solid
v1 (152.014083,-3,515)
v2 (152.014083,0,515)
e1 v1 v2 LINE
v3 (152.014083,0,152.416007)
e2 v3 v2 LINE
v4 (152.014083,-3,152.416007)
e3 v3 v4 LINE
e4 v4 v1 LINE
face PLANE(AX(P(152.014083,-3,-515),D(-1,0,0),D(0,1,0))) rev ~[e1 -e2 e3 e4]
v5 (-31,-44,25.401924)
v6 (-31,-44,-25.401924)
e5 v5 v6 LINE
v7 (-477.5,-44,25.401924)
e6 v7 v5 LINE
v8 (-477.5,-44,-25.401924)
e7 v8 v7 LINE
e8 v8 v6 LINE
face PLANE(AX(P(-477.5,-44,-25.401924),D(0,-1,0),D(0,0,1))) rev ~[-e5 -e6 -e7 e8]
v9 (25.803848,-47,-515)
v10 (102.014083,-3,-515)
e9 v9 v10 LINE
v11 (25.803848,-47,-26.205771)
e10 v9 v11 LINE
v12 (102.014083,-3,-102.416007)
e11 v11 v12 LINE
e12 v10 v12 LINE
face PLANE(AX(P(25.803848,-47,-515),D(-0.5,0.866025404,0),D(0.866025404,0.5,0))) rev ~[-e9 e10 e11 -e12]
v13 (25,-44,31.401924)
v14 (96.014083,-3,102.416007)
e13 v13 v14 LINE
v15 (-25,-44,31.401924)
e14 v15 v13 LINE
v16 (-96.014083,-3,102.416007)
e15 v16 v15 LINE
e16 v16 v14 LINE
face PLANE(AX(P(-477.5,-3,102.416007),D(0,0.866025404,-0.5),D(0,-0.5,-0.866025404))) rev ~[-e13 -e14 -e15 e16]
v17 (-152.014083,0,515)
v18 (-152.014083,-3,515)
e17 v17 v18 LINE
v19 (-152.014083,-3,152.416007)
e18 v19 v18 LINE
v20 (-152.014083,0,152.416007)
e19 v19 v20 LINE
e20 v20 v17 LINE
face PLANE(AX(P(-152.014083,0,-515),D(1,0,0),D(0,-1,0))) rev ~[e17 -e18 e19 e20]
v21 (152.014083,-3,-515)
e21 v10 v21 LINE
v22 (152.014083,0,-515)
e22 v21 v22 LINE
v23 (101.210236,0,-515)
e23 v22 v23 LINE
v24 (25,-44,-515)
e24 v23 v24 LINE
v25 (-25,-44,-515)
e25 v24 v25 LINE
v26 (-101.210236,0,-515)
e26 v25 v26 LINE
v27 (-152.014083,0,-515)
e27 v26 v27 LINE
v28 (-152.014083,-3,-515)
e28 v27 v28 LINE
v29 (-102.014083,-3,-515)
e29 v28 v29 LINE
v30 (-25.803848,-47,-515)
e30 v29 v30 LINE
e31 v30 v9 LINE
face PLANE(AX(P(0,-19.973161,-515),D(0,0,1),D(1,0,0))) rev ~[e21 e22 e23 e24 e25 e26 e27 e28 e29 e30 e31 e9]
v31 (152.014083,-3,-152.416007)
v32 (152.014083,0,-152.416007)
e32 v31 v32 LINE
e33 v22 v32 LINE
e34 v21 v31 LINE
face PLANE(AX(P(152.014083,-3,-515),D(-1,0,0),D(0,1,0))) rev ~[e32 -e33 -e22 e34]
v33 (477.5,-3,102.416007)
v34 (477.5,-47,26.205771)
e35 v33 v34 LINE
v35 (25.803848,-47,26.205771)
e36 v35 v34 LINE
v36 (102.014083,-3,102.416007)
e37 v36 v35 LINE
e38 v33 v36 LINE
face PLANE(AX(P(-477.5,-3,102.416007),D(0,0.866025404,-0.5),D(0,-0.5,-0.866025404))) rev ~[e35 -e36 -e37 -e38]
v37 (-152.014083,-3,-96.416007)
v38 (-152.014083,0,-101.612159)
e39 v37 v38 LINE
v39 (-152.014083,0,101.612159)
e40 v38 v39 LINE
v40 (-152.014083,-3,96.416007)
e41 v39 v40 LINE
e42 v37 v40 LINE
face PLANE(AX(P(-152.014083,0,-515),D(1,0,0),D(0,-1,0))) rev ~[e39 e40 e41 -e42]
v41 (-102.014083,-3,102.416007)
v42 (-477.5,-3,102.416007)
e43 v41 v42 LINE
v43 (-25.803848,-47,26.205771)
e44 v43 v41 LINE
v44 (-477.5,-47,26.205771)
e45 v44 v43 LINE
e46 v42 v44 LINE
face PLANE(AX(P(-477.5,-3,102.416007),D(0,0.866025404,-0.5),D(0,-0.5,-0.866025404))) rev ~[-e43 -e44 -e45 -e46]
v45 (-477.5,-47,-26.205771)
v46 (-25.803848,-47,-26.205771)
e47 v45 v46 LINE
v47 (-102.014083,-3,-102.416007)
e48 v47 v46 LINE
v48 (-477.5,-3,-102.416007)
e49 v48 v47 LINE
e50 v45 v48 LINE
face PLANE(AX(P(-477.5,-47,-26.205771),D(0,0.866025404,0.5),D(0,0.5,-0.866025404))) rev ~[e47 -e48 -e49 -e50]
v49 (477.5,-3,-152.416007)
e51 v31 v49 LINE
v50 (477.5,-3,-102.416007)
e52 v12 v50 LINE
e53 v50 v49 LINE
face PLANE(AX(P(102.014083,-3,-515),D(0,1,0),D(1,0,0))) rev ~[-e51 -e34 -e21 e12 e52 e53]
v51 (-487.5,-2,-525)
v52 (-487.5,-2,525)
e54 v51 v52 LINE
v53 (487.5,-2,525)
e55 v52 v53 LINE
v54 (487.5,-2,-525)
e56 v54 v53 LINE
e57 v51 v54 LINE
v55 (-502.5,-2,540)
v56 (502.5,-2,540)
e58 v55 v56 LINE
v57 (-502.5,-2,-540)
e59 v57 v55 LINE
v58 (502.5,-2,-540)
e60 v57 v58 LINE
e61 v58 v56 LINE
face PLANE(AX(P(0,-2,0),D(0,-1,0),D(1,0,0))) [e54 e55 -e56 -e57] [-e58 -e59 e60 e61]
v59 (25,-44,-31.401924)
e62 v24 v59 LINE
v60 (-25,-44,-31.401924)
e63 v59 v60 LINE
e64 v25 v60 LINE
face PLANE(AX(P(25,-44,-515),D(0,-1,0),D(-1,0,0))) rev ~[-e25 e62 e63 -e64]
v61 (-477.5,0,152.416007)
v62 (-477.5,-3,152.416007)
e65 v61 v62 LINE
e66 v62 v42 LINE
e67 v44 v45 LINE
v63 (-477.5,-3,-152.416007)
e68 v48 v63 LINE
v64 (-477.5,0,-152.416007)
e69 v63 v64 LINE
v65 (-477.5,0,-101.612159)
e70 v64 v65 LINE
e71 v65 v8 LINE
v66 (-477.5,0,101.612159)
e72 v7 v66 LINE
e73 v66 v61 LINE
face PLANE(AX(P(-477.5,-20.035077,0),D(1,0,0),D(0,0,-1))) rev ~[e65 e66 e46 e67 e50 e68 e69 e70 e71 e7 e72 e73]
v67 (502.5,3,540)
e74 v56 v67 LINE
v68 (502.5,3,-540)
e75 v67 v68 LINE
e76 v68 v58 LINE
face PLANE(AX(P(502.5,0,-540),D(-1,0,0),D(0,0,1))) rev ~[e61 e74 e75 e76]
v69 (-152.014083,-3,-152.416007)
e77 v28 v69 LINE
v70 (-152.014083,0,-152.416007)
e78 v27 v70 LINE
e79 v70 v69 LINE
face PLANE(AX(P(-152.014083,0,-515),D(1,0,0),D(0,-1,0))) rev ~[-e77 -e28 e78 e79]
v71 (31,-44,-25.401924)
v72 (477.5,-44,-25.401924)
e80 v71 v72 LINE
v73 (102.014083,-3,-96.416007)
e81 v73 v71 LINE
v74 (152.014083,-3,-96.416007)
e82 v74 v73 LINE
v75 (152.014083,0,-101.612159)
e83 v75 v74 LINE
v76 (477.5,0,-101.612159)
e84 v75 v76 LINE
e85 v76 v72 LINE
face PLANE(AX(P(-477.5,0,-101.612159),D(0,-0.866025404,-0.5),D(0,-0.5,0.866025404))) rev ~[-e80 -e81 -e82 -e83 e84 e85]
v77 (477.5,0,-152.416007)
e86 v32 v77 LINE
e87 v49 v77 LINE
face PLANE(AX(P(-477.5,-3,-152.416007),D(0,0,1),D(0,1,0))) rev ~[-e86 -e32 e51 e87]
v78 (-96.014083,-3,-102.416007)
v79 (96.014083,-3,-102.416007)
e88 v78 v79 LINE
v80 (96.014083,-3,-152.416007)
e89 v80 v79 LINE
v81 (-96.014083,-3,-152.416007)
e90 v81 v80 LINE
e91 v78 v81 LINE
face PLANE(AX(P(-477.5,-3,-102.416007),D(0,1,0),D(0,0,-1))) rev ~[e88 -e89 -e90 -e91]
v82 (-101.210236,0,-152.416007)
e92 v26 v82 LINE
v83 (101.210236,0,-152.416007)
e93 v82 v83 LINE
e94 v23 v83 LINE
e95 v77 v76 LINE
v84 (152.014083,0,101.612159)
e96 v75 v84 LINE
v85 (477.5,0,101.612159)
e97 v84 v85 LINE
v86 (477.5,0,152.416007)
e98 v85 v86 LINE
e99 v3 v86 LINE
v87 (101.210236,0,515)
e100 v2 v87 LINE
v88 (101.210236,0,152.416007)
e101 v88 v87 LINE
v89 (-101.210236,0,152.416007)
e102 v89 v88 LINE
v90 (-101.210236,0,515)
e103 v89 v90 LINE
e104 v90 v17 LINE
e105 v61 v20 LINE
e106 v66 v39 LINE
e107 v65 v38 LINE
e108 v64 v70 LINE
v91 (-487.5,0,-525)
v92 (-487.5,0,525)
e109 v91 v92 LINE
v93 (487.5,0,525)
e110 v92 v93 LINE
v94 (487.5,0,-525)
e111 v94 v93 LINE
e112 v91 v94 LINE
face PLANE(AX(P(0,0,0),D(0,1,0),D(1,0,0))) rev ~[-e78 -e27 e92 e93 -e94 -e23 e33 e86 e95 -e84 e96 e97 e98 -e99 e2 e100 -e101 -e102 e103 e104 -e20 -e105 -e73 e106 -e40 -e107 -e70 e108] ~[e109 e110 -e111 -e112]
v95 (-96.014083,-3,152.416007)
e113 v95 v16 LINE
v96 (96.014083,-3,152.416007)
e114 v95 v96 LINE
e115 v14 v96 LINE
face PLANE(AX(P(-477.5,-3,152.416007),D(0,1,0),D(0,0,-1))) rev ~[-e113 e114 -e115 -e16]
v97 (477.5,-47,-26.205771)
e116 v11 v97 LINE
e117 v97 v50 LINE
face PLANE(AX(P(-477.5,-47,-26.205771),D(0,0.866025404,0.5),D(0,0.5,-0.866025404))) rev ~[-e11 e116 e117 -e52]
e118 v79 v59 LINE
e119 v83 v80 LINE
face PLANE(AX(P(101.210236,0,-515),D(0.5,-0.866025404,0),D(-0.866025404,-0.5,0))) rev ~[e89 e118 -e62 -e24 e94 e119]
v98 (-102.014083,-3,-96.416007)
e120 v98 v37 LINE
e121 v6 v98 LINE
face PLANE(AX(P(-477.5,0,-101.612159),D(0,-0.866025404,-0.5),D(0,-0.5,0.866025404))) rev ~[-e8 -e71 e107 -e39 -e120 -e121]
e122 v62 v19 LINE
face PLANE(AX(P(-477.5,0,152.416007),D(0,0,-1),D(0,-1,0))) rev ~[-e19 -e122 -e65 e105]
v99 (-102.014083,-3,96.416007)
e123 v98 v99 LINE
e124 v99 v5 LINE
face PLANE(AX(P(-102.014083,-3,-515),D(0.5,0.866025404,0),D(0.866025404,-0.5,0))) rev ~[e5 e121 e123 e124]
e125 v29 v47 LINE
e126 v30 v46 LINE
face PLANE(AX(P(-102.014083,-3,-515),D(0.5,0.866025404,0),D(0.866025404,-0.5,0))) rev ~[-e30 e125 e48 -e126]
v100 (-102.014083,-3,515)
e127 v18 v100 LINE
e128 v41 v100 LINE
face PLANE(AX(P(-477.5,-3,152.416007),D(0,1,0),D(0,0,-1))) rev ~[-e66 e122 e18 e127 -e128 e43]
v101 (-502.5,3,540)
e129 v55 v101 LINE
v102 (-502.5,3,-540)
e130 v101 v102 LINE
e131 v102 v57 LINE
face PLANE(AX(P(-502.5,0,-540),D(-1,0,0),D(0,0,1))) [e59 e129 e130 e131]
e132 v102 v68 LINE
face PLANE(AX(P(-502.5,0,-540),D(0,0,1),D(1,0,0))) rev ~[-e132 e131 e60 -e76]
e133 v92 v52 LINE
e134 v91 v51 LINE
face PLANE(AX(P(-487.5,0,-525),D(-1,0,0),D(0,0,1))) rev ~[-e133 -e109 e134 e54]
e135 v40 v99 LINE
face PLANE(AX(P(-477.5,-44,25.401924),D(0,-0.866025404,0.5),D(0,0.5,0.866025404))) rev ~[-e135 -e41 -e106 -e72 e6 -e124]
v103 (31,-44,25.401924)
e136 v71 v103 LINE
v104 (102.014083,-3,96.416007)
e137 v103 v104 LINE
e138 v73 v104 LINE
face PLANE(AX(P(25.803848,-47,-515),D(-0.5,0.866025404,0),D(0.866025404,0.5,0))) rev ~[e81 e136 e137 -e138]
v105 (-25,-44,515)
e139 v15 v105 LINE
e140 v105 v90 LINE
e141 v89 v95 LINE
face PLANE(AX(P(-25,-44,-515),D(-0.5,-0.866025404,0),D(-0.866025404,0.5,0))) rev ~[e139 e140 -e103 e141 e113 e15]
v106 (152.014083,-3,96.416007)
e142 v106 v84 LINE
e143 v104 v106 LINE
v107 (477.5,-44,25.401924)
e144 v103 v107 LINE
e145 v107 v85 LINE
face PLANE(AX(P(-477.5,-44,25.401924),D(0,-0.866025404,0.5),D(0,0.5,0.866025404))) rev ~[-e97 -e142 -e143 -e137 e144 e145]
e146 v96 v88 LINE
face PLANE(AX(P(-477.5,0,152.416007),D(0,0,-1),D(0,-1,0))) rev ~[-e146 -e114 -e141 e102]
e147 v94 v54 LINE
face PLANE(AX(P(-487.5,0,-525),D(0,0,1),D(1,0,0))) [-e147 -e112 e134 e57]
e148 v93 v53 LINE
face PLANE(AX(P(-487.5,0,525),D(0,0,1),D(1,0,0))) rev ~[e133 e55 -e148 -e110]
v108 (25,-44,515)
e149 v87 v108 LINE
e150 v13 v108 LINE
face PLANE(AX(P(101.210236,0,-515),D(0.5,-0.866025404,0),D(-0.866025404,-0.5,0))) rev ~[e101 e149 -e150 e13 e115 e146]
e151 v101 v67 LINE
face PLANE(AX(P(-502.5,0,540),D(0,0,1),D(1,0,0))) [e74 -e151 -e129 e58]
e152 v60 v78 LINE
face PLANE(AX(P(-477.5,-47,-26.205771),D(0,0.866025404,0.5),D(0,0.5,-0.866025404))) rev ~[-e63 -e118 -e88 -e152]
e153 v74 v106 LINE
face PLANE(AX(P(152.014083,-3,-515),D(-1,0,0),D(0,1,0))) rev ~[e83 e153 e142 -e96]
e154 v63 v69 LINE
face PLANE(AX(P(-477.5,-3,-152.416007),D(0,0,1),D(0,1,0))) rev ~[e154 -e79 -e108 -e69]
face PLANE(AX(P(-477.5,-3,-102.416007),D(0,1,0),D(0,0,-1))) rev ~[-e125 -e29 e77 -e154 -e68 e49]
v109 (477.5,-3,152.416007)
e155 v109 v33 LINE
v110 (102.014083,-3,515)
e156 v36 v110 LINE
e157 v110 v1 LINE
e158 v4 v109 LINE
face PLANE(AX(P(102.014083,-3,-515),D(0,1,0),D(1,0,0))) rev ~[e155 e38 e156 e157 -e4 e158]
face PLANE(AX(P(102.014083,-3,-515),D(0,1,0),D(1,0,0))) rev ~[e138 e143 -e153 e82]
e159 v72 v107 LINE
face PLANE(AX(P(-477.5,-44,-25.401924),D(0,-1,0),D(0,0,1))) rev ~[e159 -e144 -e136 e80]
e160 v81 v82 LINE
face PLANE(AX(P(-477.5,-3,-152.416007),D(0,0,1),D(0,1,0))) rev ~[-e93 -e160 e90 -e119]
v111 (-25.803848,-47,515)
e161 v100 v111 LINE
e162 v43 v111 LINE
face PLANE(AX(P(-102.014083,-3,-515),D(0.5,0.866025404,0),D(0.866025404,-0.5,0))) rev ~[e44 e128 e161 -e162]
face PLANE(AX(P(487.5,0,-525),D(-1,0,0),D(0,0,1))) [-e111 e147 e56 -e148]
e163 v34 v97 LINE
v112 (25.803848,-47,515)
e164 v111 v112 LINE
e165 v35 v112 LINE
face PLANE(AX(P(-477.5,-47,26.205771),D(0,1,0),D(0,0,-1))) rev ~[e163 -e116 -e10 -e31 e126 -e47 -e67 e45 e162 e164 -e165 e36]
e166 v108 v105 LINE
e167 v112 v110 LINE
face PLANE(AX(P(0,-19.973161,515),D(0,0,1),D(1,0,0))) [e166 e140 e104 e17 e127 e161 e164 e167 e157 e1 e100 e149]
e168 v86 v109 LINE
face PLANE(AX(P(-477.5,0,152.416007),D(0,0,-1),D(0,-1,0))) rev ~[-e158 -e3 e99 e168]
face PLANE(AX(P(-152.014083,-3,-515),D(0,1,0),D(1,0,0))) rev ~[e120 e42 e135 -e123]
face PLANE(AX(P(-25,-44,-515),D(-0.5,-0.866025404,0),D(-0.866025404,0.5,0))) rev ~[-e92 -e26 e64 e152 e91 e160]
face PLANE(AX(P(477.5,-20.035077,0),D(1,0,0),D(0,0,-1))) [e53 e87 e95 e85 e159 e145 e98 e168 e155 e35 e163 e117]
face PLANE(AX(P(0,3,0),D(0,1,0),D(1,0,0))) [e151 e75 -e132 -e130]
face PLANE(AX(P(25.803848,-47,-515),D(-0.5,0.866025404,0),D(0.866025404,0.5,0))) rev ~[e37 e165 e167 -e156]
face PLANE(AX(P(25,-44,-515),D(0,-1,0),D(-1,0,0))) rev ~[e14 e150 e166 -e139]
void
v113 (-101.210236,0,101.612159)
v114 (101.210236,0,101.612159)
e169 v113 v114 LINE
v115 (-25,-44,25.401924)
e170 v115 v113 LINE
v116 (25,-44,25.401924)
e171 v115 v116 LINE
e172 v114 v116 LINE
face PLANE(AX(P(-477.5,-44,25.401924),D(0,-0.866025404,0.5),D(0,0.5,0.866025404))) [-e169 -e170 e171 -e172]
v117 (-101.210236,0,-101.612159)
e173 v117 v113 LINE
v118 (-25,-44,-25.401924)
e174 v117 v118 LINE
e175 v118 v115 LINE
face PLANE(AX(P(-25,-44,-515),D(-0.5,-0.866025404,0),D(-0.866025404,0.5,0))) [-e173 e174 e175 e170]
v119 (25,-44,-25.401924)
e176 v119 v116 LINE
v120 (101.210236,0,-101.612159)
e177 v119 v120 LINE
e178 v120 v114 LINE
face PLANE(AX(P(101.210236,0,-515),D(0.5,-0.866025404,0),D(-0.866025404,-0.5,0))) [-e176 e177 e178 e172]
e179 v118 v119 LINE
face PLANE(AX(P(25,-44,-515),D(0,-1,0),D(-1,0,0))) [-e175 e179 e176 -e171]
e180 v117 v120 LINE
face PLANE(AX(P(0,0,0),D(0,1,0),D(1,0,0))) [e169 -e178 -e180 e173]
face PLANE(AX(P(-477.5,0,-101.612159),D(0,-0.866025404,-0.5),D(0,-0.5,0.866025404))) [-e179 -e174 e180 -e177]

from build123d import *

# Parameters (mm, degrees)
SKETCH_1_W           = 1005
SKETCH_1_H           = 1080
EXTRUDE_1_DEPTH      = 3
EXTRUDE_2_DEPTH      = 515
EXTRUDE_2_DEPTH_BACK = 515
EXTRUDE_3_DEPTH      = 477.5
EXTRUDE_3_DEPTH_BACK = 477.5
SKETCH_5_W           = 1005
SKETCH_5_H           = 1080
SKETCH_5_W_2         = 975
SKETCH_5_H_2         = 1050
EXTRUDE_5_DEPTH      = 2


with BuildPart() as part:
    # Эскиз1 → Бобышка-Вытянуть1 (new body)
    with BuildSketch(Plane(origin=(0, 0, 0), x_dir=(1, 0, 0), z_dir=(0, 1, 0))):
        Rectangle(SKETCH_1_W, SKETCH_1_H)
    extrude(amount=EXTRUDE_1_DEPTH)

    # Эскиз2 → Бобышка-Вытянуть2 (add, two sides: drawn at the far end of the back side and taken through both)
    with BuildSketch(Plane.XY.offset(-EXTRUDE_2_DEPTH_BACK)):
        Polygon((25, -44), (-25, -44), (-101.210235533, 0), (-152.01408311, 0), (-152.01408311, -3), (-102.01408311, -3), (-25.803847577, -47), (25.803847577, -47), (102.01408311, -3), (152.01408311, -3), (152.01408311, 0), (101.210235533, 0), align=None)
    extrude(amount=EXTRUDE_2_DEPTH + EXTRUDE_2_DEPTH_BACK)

    # Эскиз3 → Бобышка-Вытянуть3 (add, two sides: drawn at the far end of the back side and taken through both)
    with BuildSketch(Plane(origin=(0, 0, 0), x_dir=(0, 0, -1), z_dir=(1, 0, 0)).offset(-EXTRUDE_3_DEPTH_BACK)):
        Polygon((-26.205771366, -47), (26.205771366, -47), (102.416006899, -3), (152.416006899, -3), (152.416006899, 0), (101.612159322, 0), (25.401923789, -44), (-25.401923789, -44), (-101.612159322, 0), (-152.416006899, 0), (-152.416006899, -3), (-102.416006899, -3), align=None)
    extrude(amount=EXTRUDE_3_DEPTH + EXTRUDE_3_DEPTH_BACK)

    # Эскиз5 → Бобышка-Вытянуть5 (add)
    with BuildSketch(Plane.XZ):
        Rectangle(SKETCH_5_W, SKETCH_5_H)
        Rectangle(SKETCH_5_W_2, SKETCH_5_H_2, mode=Mode.SUBTRACT)
    extrude(amount=EXTRUDE_5_DEPTH)


solid = part.part
